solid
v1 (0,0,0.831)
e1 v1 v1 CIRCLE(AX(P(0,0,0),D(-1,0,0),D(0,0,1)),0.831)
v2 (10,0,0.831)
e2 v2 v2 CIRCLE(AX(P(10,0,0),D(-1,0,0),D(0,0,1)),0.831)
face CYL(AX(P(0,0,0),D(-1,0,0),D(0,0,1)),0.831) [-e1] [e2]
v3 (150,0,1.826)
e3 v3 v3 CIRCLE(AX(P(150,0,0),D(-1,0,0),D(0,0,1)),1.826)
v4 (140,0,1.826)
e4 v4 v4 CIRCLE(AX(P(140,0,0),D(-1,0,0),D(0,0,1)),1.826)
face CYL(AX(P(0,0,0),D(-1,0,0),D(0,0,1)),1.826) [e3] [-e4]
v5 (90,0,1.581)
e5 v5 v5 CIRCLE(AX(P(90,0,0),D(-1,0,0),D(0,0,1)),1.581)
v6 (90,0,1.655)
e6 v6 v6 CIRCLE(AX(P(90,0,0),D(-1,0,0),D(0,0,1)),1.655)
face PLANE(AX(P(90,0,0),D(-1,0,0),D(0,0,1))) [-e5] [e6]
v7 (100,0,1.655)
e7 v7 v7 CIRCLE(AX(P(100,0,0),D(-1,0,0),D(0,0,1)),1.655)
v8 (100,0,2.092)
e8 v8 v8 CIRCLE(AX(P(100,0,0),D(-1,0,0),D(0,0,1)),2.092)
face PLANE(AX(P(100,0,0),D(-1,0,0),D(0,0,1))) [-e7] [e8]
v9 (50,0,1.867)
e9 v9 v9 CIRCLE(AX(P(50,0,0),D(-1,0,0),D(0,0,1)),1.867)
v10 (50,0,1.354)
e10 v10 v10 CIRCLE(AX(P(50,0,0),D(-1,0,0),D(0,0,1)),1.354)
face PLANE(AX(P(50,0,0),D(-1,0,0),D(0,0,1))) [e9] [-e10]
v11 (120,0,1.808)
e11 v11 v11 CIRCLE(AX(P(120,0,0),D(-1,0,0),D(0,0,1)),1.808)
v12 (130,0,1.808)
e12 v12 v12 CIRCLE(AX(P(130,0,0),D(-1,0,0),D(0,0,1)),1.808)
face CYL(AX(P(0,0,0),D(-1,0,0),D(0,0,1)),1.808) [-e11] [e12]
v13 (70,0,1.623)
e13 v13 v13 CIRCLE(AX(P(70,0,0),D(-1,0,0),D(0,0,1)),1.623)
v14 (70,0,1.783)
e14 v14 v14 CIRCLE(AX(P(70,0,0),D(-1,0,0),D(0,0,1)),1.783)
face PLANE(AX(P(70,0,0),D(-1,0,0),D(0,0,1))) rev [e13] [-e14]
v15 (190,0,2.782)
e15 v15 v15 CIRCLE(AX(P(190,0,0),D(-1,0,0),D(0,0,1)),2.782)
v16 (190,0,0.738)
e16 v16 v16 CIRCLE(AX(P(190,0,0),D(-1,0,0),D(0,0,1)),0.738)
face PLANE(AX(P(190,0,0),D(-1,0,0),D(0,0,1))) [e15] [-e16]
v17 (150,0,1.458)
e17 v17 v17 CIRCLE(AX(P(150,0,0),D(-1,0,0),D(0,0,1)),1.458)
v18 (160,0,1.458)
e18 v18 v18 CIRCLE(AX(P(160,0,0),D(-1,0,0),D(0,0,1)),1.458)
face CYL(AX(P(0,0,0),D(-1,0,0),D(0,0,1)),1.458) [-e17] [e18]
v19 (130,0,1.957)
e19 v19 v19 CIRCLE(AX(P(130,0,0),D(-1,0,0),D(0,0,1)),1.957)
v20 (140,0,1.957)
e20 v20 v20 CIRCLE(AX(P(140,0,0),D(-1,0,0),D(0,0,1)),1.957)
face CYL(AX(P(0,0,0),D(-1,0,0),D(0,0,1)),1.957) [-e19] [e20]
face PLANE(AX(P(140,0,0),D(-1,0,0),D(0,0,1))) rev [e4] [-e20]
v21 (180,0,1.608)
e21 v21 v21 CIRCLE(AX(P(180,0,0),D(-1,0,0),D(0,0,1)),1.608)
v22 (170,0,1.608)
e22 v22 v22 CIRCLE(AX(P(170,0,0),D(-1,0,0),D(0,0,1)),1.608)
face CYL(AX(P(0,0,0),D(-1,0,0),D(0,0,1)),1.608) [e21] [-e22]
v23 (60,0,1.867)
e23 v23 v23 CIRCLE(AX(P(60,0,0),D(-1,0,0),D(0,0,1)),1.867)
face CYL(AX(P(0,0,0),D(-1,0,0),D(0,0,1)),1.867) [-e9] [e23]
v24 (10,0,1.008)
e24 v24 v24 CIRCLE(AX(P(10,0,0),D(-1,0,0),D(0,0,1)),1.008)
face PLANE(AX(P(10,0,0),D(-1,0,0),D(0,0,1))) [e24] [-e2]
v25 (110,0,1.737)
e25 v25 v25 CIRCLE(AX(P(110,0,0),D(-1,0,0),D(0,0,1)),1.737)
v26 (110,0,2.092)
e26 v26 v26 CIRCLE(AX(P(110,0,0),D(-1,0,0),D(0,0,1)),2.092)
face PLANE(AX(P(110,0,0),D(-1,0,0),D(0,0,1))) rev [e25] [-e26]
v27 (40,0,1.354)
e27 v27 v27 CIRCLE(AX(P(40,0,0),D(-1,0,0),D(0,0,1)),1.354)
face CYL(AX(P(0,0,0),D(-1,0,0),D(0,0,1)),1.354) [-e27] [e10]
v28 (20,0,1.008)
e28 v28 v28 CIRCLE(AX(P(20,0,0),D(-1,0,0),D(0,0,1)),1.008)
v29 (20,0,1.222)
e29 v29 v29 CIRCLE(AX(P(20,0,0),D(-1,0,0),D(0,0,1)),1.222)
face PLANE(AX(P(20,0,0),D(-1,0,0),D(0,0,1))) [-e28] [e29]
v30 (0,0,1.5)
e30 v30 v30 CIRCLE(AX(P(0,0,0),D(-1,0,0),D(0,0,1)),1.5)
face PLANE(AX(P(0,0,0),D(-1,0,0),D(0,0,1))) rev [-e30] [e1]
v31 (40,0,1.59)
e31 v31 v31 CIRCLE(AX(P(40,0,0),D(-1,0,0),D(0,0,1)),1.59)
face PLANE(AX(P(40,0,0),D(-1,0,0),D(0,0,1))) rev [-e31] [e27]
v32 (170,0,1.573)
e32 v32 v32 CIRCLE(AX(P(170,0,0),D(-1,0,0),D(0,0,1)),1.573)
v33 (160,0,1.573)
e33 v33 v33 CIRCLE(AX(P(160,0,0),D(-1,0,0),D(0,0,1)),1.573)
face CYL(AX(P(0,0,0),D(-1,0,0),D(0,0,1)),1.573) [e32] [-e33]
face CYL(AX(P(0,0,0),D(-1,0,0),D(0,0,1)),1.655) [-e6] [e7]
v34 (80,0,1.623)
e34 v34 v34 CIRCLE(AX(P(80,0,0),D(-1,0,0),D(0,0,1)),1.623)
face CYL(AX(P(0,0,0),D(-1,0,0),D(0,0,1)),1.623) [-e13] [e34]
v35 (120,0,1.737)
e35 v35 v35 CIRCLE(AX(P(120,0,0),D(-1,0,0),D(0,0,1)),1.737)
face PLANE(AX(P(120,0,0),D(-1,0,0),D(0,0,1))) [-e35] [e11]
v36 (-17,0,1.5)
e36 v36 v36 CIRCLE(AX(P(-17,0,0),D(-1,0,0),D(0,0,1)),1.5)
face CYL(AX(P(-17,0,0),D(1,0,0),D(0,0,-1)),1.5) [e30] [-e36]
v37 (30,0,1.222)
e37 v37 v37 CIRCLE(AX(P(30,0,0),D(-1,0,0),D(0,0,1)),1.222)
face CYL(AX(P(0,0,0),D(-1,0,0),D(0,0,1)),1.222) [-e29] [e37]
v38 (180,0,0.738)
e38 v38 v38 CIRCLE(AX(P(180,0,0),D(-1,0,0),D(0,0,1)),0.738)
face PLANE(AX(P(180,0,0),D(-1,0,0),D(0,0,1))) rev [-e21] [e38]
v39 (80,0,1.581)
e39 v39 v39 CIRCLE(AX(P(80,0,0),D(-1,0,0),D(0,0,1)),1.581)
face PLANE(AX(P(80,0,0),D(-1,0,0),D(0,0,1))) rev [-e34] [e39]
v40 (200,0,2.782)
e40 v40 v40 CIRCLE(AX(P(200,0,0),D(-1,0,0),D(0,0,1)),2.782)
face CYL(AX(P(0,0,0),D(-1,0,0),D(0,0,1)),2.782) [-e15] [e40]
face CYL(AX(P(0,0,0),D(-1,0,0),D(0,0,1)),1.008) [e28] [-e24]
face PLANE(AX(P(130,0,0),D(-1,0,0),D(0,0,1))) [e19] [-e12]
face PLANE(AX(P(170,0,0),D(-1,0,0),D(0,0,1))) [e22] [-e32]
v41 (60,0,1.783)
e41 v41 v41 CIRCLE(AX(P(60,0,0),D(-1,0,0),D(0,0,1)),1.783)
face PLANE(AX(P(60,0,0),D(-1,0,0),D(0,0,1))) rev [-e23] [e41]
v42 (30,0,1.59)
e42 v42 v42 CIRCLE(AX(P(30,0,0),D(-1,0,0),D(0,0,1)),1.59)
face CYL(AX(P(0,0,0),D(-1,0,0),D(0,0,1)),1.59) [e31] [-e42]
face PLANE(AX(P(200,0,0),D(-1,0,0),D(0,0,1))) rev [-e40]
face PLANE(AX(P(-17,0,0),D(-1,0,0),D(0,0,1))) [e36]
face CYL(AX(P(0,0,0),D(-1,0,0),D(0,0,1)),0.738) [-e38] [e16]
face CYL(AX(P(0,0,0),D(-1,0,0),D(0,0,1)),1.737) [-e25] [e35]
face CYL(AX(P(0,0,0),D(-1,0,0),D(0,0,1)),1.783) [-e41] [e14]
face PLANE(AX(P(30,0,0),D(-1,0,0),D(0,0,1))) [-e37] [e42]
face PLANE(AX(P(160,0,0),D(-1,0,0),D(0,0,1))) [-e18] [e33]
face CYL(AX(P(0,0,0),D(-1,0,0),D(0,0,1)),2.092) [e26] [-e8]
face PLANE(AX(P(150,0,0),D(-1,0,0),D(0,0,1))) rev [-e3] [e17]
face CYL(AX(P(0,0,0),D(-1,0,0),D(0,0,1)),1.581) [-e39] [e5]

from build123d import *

# Parameters (mm, degrees)
SKETCH1_W           = 10
SKETCH1_H           = 0.831
SKETCH1_H_2         = 1.354
SKETCH1_H_3         = 1.581
SKETCH1_H_4         = 1.737
SKETCH1_H_5         = 1.458
SKETCH1_H_6         = 0.738
SKETCH2_R           = 1.5
BOSS_EXTRUDE1_DEPTH = 17


with BuildPart() as part:
    # Sketch1 → Revolve1 (revolve)
    with BuildSketch(Plane.XY, mode=Mode.PRIVATE) as revolve1_sk:
        with Locations((5, 0.4155)):
            Rectangle(SKETCH1_W, SKETCH1_H)
        Polygon((10, 0.831), (10, 0), (20, 0), (20, 1.008), (10, 1.008), align=None)
        Polygon((20, 1.008), (20, 0), (30, 0), (30, 1.222), (20, 1.222), align=None)
        Polygon((30, 1.222), (30, 0), (40, 0), (40, 1.354), (40, 1.59), (30, 1.59), align=None)
        with Locations((45, 0.677)):
            Rectangle(SKETCH1_W, SKETCH1_H_2)
        Polygon((50, 1.354), (50, 0), (60, 0), (60, 1.783), (60, 1.867), (50, 1.867), align=None)
        Polygon((60, 1.783), (60, 0), (70, 0), (70, 1.623), (70, 1.783), align=None)
        Polygon((70, 1.623), (70, 0), (80, 0), (80, 1.581), (80, 1.623), align=None)
        with Locations((85, 0.7905)):
            Rectangle(SKETCH1_W, SKETCH1_H_3)
        Polygon((90, 1.581), (90, 0), (100, 0), (100, 1.655), (90, 1.655), align=None)
        Polygon((100, 1.655), (100, 0), (110, 0), (110, 1.737), (110, 2.092), (100, 2.092), align=None)
        with Locations((115, 0.8685)):
            Rectangle(SKETCH1_W, SKETCH1_H_4)
        Polygon((120, 1.737), (120, 0), (130, 0), (130, 1.808), (120, 1.808), align=None)
        Polygon((130, 1.808), (130, 0), (140, 0), (140, 1.826), (140, 1.957), (130, 1.957), align=None)
        Polygon((140, 1.826), (140, 0), (150, 0), (150, 1.458), (150, 1.826), align=None)
        with Locations((155, 0.729)):
            Rectangle(SKETCH1_W, SKETCH1_H_5)
        Polygon((160, 1.458), (160, 0), (170, 0), (170, 1.573), (160, 1.573), align=None)
        Polygon((170, 1.573), (170, 0), (180, 0), (180, 0.738), (180, 1.608), (170, 1.608), align=None)
        with Locations((185, 0.369)):
            Rectangle(SKETCH1_W, SKETCH1_H_6)
        Polygon((190, 0.738), (190, 0), (200, 0), (200, 2.782), (190, 2.782), align=None)
    revolve(revolve1_sk.sketch.rotate(Axis((0, 0, 0), (1, 0, 0)), 90), axis=Axis((0, 0, 0), (1, 0, 0)))

    # Sketch2 → Boss-Extrude1 (add)
    with BuildSketch(Plane.ZY):
        Circle(SKETCH2_R)
    extrude(amount=BOSS_EXTRUDE1_DEPTH)


solid = part.part
